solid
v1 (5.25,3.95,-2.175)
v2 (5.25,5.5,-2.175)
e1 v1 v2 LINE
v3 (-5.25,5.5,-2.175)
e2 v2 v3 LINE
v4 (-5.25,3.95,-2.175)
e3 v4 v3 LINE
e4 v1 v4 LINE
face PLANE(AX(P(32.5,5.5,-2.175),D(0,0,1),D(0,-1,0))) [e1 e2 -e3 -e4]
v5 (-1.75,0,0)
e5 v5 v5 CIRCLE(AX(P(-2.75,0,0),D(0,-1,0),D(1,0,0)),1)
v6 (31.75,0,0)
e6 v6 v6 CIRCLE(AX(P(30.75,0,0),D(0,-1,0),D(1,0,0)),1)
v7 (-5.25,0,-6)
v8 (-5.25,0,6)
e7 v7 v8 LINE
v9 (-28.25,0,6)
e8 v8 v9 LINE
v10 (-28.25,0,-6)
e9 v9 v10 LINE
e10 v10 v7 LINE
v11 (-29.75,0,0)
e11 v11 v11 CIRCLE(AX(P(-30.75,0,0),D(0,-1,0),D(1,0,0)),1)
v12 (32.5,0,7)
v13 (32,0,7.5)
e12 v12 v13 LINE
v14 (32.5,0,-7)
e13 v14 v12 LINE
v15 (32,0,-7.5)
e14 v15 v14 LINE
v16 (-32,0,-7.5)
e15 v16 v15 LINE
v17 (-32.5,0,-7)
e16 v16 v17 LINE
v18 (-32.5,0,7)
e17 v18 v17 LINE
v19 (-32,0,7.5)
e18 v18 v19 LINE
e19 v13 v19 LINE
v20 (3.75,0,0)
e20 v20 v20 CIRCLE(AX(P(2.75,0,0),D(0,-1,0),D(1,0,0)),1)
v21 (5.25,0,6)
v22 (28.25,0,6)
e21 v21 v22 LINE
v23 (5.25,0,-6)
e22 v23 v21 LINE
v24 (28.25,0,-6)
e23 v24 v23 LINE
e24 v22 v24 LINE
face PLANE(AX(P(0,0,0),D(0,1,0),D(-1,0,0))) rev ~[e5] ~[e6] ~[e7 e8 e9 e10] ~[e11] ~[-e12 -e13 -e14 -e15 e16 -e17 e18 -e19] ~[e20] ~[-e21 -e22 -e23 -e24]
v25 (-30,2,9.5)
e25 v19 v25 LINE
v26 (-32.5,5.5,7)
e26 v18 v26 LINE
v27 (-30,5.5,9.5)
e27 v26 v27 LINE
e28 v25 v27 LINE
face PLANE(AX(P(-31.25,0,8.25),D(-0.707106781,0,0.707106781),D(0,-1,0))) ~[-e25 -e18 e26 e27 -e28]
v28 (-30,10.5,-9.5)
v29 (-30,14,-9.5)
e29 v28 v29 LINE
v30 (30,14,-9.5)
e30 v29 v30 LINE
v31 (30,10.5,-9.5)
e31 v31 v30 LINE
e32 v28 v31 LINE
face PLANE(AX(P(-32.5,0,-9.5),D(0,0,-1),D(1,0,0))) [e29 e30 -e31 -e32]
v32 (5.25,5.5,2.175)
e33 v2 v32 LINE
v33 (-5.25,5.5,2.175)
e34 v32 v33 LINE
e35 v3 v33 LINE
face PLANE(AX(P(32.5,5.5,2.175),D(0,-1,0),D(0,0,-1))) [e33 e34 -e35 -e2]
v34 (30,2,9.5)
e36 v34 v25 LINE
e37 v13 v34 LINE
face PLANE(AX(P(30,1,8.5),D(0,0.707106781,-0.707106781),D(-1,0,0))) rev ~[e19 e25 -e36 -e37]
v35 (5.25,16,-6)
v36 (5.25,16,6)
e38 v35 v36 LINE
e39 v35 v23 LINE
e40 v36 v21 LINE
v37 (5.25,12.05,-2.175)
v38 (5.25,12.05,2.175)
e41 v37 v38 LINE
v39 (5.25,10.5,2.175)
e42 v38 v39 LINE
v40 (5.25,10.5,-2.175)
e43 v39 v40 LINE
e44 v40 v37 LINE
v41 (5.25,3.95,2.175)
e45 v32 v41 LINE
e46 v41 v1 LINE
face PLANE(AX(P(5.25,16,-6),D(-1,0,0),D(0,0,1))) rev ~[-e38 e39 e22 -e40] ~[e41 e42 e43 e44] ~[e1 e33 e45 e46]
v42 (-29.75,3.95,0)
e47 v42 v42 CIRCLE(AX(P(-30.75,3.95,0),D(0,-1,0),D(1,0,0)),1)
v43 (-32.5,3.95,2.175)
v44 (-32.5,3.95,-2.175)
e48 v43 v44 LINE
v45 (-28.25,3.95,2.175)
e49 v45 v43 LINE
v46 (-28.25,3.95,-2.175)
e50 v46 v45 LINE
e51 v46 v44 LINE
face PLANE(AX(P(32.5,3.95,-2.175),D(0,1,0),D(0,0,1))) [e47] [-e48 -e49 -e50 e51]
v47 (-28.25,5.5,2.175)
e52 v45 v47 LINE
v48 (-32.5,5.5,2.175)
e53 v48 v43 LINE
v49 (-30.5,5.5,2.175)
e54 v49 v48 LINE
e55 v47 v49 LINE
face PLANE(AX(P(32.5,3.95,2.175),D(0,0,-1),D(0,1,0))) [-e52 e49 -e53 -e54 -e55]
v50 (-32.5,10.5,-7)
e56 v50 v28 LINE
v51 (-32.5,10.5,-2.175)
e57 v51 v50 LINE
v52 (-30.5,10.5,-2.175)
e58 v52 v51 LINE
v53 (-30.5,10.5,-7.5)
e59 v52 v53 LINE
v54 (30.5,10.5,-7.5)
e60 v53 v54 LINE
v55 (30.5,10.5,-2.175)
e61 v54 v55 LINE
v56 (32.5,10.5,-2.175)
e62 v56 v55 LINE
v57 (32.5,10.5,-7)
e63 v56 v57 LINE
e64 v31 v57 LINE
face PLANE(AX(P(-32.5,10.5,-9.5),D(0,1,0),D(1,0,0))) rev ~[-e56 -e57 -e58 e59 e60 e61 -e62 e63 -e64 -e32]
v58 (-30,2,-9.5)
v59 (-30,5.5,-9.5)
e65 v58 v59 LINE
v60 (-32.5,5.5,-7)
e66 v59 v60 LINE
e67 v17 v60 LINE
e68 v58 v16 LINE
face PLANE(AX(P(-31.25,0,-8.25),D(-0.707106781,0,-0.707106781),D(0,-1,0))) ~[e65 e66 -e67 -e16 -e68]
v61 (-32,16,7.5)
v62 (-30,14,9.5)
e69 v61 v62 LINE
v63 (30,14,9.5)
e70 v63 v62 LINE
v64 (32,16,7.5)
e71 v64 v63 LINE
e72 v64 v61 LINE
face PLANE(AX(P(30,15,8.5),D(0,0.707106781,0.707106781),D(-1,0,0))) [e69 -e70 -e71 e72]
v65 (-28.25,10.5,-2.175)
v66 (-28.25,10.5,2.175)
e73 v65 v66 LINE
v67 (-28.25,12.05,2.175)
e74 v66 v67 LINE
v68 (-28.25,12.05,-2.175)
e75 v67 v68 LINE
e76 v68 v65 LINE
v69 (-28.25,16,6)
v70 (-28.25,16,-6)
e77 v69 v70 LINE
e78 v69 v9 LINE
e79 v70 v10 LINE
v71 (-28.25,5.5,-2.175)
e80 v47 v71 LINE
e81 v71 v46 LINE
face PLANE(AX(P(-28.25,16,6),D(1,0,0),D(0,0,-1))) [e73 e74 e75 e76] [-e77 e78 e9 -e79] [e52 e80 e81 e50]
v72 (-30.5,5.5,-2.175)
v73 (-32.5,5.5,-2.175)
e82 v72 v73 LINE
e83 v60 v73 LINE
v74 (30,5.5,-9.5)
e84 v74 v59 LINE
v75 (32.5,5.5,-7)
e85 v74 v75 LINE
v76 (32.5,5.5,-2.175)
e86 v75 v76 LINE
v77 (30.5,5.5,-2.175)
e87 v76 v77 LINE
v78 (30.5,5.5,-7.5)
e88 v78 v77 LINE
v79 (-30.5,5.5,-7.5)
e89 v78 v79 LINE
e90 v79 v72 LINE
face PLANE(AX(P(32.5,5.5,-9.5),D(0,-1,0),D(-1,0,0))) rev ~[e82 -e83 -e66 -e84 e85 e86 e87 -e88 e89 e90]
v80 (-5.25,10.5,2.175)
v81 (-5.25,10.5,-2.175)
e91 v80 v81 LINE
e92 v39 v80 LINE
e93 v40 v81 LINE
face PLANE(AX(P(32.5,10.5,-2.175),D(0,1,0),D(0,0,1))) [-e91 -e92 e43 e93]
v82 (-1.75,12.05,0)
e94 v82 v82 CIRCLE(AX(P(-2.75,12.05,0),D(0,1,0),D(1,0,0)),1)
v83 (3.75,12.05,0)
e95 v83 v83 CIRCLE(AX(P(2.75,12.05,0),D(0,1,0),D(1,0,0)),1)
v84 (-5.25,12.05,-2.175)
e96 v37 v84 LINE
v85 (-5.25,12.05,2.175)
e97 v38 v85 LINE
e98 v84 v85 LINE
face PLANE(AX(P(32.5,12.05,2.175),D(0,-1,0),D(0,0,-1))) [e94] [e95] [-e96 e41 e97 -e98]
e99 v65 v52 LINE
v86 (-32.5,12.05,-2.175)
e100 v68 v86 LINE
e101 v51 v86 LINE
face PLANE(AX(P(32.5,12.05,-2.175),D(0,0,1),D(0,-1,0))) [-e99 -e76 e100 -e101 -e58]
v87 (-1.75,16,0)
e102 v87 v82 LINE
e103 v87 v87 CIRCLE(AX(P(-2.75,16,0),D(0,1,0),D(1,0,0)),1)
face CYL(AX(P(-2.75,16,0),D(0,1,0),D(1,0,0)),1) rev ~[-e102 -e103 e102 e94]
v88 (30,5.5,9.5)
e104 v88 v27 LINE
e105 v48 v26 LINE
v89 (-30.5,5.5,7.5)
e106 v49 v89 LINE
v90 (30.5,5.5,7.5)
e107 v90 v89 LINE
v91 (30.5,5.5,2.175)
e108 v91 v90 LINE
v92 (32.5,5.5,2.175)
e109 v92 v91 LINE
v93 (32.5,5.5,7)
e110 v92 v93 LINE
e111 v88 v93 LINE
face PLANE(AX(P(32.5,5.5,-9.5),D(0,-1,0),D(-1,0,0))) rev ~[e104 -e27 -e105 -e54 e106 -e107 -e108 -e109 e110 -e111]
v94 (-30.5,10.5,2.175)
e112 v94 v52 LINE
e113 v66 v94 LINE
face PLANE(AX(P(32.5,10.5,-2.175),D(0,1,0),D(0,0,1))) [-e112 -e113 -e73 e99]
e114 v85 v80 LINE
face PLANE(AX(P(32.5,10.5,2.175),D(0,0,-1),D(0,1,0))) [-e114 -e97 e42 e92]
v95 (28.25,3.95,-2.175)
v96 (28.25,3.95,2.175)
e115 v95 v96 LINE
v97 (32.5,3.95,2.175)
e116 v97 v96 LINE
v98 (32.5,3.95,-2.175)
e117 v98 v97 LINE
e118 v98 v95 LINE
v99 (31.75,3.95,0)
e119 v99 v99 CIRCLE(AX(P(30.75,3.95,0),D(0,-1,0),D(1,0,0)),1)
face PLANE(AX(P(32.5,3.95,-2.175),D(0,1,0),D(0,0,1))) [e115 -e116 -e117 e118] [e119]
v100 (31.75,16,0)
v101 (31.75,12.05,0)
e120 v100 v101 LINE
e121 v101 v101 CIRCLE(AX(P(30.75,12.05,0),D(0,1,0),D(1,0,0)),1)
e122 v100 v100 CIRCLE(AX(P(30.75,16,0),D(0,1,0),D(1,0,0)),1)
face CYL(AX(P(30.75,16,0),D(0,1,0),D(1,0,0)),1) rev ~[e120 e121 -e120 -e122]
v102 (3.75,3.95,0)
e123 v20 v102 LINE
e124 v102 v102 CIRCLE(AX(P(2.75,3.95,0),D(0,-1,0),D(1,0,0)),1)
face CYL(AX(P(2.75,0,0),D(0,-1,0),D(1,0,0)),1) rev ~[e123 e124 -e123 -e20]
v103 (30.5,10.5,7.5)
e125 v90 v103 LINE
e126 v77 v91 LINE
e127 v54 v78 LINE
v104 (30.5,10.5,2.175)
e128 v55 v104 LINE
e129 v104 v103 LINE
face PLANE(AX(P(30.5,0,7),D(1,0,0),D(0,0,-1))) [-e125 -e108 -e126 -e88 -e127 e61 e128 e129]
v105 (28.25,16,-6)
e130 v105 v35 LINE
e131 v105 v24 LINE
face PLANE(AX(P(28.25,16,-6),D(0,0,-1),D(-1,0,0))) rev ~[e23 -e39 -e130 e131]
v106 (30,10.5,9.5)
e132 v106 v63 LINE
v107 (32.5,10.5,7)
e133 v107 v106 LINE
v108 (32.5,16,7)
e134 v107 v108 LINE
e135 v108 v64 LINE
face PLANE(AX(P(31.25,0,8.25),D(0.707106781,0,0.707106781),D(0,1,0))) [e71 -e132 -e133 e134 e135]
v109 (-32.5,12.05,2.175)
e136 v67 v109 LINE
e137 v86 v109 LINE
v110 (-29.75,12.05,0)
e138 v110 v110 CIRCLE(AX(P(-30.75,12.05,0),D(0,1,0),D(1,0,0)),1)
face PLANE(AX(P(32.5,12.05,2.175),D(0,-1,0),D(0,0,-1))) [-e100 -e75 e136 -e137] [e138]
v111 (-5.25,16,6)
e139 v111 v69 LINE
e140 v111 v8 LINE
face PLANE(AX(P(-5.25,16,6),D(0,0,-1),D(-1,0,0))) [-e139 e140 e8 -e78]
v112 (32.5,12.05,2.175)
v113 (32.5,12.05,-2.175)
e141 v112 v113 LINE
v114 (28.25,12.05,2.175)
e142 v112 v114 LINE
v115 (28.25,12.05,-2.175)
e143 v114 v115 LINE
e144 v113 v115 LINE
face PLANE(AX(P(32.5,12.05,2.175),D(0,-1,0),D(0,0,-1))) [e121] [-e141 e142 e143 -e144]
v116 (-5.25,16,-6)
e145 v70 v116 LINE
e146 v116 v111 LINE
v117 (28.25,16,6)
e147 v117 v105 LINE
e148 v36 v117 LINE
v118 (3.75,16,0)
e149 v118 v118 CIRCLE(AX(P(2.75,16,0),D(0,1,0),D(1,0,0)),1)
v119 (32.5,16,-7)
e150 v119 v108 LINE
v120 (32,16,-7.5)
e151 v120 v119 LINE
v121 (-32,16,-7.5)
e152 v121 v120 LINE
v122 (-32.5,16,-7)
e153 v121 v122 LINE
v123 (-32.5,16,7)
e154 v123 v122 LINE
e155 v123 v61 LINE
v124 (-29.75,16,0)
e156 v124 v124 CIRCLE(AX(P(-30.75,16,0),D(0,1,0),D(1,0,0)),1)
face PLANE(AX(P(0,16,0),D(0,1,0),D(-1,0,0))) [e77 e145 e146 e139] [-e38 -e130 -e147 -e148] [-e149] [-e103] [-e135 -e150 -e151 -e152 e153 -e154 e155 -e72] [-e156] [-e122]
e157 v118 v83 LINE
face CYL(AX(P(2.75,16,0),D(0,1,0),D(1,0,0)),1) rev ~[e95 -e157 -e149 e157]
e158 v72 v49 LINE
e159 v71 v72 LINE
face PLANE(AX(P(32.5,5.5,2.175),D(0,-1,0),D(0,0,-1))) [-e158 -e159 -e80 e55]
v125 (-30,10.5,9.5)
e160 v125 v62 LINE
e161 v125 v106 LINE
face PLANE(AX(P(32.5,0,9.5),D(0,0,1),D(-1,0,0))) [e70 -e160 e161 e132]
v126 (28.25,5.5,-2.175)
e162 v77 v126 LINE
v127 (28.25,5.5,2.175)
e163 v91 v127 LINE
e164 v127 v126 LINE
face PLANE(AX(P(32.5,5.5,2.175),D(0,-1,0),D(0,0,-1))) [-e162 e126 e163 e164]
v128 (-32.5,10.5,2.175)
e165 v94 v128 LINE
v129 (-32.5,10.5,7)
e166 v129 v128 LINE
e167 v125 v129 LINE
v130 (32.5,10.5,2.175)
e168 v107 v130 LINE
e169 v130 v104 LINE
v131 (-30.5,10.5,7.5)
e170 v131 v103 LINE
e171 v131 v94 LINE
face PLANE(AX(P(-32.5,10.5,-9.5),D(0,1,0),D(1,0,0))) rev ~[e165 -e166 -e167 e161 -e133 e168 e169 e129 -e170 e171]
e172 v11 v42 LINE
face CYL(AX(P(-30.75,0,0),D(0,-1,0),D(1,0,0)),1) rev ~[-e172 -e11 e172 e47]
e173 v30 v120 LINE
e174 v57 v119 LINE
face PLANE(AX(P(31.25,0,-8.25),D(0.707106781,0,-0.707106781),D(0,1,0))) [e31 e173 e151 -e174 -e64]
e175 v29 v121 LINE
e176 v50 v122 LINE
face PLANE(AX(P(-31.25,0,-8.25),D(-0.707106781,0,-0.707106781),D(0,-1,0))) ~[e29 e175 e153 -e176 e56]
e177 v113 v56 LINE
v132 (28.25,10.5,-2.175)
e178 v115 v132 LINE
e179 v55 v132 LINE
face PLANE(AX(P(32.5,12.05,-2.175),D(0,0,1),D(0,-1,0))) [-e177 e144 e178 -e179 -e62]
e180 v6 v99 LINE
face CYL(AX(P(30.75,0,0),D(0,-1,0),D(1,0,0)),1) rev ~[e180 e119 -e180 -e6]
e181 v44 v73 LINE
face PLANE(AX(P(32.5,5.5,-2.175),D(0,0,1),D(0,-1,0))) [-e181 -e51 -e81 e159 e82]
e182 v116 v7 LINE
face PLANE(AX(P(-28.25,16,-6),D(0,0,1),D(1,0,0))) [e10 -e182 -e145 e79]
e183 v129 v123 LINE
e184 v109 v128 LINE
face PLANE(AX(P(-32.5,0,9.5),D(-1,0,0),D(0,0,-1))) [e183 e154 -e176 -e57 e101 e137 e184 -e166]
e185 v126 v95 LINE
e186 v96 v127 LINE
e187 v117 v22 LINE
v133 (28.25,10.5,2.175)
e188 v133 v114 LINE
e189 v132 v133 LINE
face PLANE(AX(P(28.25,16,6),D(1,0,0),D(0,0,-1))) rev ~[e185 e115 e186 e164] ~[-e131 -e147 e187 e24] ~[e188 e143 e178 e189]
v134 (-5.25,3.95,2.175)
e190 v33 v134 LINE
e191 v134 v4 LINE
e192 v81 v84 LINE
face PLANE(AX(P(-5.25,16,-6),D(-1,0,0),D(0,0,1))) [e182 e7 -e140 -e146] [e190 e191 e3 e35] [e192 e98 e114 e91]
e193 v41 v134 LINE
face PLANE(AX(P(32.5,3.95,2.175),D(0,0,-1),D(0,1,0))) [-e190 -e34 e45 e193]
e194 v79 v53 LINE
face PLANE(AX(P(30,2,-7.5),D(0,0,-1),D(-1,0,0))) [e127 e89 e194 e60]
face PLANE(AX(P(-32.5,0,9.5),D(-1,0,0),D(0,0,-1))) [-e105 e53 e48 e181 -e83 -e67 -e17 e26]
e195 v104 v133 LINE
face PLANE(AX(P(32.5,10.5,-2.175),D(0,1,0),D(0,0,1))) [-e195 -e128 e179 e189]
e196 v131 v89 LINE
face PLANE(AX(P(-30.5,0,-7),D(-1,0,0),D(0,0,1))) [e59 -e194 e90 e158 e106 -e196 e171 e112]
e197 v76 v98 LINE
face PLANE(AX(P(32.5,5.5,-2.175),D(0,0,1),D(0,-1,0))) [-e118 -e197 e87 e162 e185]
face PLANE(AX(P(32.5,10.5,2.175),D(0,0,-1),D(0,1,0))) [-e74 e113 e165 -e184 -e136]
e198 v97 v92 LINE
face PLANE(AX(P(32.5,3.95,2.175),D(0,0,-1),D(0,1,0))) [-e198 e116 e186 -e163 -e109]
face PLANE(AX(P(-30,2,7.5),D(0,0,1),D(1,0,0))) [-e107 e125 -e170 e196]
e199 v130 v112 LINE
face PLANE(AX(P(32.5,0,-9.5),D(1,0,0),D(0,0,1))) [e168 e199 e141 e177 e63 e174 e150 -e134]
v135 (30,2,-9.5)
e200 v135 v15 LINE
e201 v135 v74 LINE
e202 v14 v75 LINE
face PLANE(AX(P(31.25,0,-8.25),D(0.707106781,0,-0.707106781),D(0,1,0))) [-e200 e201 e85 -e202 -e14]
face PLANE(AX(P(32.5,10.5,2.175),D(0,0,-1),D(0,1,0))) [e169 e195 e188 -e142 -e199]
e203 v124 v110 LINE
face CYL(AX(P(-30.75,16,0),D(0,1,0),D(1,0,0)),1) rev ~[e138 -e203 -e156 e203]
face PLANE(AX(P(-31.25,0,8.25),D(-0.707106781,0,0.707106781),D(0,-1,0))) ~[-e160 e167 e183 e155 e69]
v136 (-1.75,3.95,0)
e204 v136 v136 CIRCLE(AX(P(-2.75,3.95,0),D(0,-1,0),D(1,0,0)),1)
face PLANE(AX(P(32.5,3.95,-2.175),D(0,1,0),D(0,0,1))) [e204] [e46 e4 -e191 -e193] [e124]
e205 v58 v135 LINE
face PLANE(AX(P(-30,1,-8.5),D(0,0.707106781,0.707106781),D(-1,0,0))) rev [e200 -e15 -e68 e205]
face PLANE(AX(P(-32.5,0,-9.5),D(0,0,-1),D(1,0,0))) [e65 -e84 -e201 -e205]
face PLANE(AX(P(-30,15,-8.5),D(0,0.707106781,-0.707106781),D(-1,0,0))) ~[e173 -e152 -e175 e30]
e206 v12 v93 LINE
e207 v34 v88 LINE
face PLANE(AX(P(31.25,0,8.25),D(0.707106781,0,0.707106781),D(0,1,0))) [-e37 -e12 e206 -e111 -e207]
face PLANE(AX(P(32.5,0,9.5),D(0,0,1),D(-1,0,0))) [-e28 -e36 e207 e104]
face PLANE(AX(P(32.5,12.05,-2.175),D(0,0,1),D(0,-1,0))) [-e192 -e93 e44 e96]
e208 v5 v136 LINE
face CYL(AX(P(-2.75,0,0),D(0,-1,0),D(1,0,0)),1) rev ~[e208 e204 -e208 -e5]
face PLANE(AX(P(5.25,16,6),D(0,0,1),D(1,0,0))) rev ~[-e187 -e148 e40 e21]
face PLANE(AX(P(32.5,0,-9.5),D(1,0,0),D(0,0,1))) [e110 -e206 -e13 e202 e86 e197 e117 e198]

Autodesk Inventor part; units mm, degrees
ref_plane "YZ Plane" through (0, 0, 0) normal (1, 0, 0) x (0, 1, 0)
ref_plane "XZ Plane" through (0, 0, 0) normal (0, 1, 0) x (-1, 0, 0)
ref_plane "XY Plane" through (0, 0, 0) normal (0, 0, 1) x (1, 0, 0)
sketch "Sketch1" plane through (0, 0, 0) normal (0, 1, 0) x (-1, 0, 0)
  line L0 (32.5, -9.5) -> (-32.5, -9.5)
  line L1 (-32.5, -9.5) -> (-32.5, 9.5)
  line L2 (-32.5, 9.5) -> (32.5, 9.5)
  line L3 (32.5, 9.5) -> (32.5, -9.5)
  point P0 (0, 0)
  point P1 (0, -9.5)
  point P2 (32.5, 0)
  dimension "d0" = 65
  dimension "d1" = 19
extrude "Extrusion1" add sketch "Sketch1" along normal blind 16
sketch "Sketch2" plane through (0, 16, 0) normal (0, 1, 0) x (1, 0, 0)
  line L0 (-28.25, 6) -> (-5.25, 6)
  line L1 (-5.25, 6) -> (-5.25, -6)
  line L2 (-5.25, -6) -> (-28.25, -6)
  line L3 (-28.25, -6) -> (-28.25, 6)
  line L4 (0, 13.3) -> (0, -13.3) construction
  line L5 (-32.5, 9.5) -> (-32.5, -9.5) projected
  line L6 (28.25, 6) -> (5.25, 6)
  line L7 (5.25, 6) -> (5.25, -6)
  line L8 (5.25, -6) -> (28.25, -6)
  line L9 (28.25, -6) -> (28.25, 6)
  point P0 (0, 0)
  point P1 (-5.25, 0)
  dimension "d4" = 23
  dimension "d5" = 12
  dimension "d9" = 4.25
extrude "Extrusion2" cut sketch "Sketch2" against normal through all
chamfer "Chamfer1" distance 2.5 angle 45 4 edges at (-32.5, 8, 9.5) (-32.5, 8, -9.5) (32.5, 8, 9.5) (32.5, 8, -9.5)
chamfer "Chamfer2" distance 2 angle 45 4 edges at (0, 16, -9.5) (0, 16, 9.5) (0, 0, 9.5) (0, 0, -9.5)
sketch "Sketch3" plane through (-30, 2, 9.5) normal (0, 0, 1) x (1, 0, 0)
  line L0 (-2.5, 8.5) -> (62.5, 8.5)
  line L1 (62.5, 8.5) -> (62.5, 3.5)
  line L2 (62.5, 3.5) -> (-2.5, 3.5)
  line L3 (-2.5, 3.5) -> (-2.5, 8.5)
  line L4 (-2.5, 14) -> (-2.5, -2) projected
  line L5 (62.5, -2) -> (62.5, 14) projected
  point P0 (30, -2)
  point P1 (62.5, 6)
  point P2 (62.5, 6)
  dimension "d18" = 5
extrude "Extrusion3" cut sketch "Sketch3" against normal blind 2
sketch "Sketch5" plane through (30, 2, -9.5) normal (0, 0, -1) x (-1, 0, 0)
  line L0 (-2.5, 3.5) -> (62.5, 3.5)
  line L1 (62.5, 3.5) -> (62.5, 8.5)
  line L2 (62.5, 8.5) -> (-2.5, 8.5)
  line L3 (-2.5, 8.5) -> (-2.5, 3.5)
  line L4 (-2.5, 14) -> (-2.5, -2) projected
  line L5 (62.5, -2) -> (62.5, 14) projected
  point P0 (30, -2)
  point P1 (62.5, 6)
  point P2 (62.5, 6)
  dimension "d21" = 5
extrude "Extrusion4" cut sketch "Sketch5" against normal blind 2
sketch "Sketch6" plane through (-32.5, 0, -7) normal (-1, 0, 0) x (0, 0, 1)
  line L0 (-0.5, 5.5) -> (-2.5, 5.5) projected
  line L1 (16.5, 10.5) -> (-2.5, 10.5)
  line L2 (-2.5, 10.5) -> (-2.5, 5.5)
  line L3 (-2.5, 5.5) -> (16.5, 5.5)
  line L4 (16.5, 5.5) -> (16.5, 10.5)
  point P0 (7, 0)
  point P1 (16.5, 5.5)
  point P2 (-2.5, 10.5)
extrude "Extrusion5" cut sketch "Sketch6" against normal blind 2
sketch "Sketch7" plane through (32.5, 0, 7) normal (1, 0, 0) x (0, 0, -1)
  line L0 (0, 10.5) -> (-2.5, 10.5) projected
  line L1 (-2.5, 10.5) -> (16.5, 10.5)
  line L2 (16.5, 10.5) -> (16.5, 5.5)
  line L3 (16.5, 5.5) -> (-2.5, 5.5)
  line L4 (-2.5, 5.5) -> (-2.5, 10.5)
  point P0 (7, 0)
extrude "Extrusion6" cut sketch "Sketch7" against normal blind 2
sketch "Sketch8" plane through (32.5, 16, 7) normal (1, 0, 0) x (0, 0, -1)
  line L0 (4.825, -3.95) -> (9.175, -3.95)
  line L1 (9.175, -3.95) -> (9.175, -5.5)
  line L2 (9.175, -5.5) -> (4.825, -5.5)
  line L3 (4.825, -5.5) -> (4.825, -3.95)
  line L4 (4.825, -10.5) -> (9.175, -10.5)
  line L5 (9.175, -10.5) -> (9.175, -12.05)
  line L6 (9.175, -12.05) -> (4.825, -12.05)
  line L7 (4.825, -12.05) -> (4.825, -10.5)
  line L8 (14, -16) -> (0, -16) projected
  line L9 (0, -5.5) -> (14, -5.5) projected
  line L10 (14, -10.5) -> (0, -10.5) projected
  point P0 (7, -16)
  point P1 (7, -3.95)
  point P2 (7, -10.5)
  point P3 (7, -12.05)
  point P4 (7, -16)
  dimension "d28" = 4.35
  dimension "d29" = 1.55
extrude "Extrusion7" cut sketch "Sketch8" against normal through all
sketch "Sketch9" plane through (0, 16, 0) normal (0, 1, 0) x (1, 0, 0)
  circle A0 centre (30.75, 0) radius 1
  circle A1 centre (2.75, 0) radius 1
  line L0 (0, 13.3) -> (0, -13.3) projected
  line L1 (28.25, 6) -> (28.25, -6) projected
  line L2 (5.25, -6) -> (5.25, 6) projected
  circle A2 centre (-30.75, 0) radius 1
  circle A3 centre (-2.75, 0) radius 1
  point P0 (0, 0)
  dimension "d32" = 2
  dimension "d33" = 1.5
  dimension "d34" = 1.5
extrude "Extrusion8" cut sketch "Sketch9" against normal up to surface (3.95 mm away)
sketch "Sketch10" plane through (0, 0, 0) normal (0, -1, 0) x (1, 0, 0)
  line L0 (0, -13.3) -> (0, 13.3) projected
  circle A0 centre (-30.75, 0) radius 1
  circle A1 centre (-2.75, 0) radius 1
  line L1 (-28.25, -6) -> (-28.25, 6) projected
  line L2 (-5.25, 6) -> (-5.25, -6) projected
  circle A2 centre (30.75, 0) radius 1
  circle A3 centre (2.75, 0) radius 1
  point P0 (0, 0)
  dimension "d37" = 2
  dimension "d38" = 1.5
  dimension "d39" = 1.5
extrude "Extrusion9" cut sketch "Sketch10" against normal up to surface (3.95 mm away)
equation "\"d4\" = servo_A"
equation "\"d5\" = servo_B"
equation "\"d9\" = -0.5 * servo_A + 0.5 * servo_D"
equation "\"d18\" = servo_K"
equation "\"d21\" = servo_K"
equation "\"d28\" = nut_A"
equation "\"d29\" = nut_B"
equation "\"d32\" = servo_H"
equation "\"d33\" = servo_L"
equation "\"d34\" = servo_L"
equation "\"d37\" = servo_H"
equation "\"d38\" = servo_L"
equation "\"d39\" = servo_L"
equation "\"servo_A\" = 23"
equation "\"servo_B\" = 12"
equation "\"servo_D\" = 31.5"
equation "\"servo_K\" = 5"
equation "\"nut_A\" = 4.35"
equation "\"nut_B\" = 1.55"
equation "\"servo_H\" = 2"
equation "\"servo_L\" = 1.5"
properties part number "FEMUR2_A"
